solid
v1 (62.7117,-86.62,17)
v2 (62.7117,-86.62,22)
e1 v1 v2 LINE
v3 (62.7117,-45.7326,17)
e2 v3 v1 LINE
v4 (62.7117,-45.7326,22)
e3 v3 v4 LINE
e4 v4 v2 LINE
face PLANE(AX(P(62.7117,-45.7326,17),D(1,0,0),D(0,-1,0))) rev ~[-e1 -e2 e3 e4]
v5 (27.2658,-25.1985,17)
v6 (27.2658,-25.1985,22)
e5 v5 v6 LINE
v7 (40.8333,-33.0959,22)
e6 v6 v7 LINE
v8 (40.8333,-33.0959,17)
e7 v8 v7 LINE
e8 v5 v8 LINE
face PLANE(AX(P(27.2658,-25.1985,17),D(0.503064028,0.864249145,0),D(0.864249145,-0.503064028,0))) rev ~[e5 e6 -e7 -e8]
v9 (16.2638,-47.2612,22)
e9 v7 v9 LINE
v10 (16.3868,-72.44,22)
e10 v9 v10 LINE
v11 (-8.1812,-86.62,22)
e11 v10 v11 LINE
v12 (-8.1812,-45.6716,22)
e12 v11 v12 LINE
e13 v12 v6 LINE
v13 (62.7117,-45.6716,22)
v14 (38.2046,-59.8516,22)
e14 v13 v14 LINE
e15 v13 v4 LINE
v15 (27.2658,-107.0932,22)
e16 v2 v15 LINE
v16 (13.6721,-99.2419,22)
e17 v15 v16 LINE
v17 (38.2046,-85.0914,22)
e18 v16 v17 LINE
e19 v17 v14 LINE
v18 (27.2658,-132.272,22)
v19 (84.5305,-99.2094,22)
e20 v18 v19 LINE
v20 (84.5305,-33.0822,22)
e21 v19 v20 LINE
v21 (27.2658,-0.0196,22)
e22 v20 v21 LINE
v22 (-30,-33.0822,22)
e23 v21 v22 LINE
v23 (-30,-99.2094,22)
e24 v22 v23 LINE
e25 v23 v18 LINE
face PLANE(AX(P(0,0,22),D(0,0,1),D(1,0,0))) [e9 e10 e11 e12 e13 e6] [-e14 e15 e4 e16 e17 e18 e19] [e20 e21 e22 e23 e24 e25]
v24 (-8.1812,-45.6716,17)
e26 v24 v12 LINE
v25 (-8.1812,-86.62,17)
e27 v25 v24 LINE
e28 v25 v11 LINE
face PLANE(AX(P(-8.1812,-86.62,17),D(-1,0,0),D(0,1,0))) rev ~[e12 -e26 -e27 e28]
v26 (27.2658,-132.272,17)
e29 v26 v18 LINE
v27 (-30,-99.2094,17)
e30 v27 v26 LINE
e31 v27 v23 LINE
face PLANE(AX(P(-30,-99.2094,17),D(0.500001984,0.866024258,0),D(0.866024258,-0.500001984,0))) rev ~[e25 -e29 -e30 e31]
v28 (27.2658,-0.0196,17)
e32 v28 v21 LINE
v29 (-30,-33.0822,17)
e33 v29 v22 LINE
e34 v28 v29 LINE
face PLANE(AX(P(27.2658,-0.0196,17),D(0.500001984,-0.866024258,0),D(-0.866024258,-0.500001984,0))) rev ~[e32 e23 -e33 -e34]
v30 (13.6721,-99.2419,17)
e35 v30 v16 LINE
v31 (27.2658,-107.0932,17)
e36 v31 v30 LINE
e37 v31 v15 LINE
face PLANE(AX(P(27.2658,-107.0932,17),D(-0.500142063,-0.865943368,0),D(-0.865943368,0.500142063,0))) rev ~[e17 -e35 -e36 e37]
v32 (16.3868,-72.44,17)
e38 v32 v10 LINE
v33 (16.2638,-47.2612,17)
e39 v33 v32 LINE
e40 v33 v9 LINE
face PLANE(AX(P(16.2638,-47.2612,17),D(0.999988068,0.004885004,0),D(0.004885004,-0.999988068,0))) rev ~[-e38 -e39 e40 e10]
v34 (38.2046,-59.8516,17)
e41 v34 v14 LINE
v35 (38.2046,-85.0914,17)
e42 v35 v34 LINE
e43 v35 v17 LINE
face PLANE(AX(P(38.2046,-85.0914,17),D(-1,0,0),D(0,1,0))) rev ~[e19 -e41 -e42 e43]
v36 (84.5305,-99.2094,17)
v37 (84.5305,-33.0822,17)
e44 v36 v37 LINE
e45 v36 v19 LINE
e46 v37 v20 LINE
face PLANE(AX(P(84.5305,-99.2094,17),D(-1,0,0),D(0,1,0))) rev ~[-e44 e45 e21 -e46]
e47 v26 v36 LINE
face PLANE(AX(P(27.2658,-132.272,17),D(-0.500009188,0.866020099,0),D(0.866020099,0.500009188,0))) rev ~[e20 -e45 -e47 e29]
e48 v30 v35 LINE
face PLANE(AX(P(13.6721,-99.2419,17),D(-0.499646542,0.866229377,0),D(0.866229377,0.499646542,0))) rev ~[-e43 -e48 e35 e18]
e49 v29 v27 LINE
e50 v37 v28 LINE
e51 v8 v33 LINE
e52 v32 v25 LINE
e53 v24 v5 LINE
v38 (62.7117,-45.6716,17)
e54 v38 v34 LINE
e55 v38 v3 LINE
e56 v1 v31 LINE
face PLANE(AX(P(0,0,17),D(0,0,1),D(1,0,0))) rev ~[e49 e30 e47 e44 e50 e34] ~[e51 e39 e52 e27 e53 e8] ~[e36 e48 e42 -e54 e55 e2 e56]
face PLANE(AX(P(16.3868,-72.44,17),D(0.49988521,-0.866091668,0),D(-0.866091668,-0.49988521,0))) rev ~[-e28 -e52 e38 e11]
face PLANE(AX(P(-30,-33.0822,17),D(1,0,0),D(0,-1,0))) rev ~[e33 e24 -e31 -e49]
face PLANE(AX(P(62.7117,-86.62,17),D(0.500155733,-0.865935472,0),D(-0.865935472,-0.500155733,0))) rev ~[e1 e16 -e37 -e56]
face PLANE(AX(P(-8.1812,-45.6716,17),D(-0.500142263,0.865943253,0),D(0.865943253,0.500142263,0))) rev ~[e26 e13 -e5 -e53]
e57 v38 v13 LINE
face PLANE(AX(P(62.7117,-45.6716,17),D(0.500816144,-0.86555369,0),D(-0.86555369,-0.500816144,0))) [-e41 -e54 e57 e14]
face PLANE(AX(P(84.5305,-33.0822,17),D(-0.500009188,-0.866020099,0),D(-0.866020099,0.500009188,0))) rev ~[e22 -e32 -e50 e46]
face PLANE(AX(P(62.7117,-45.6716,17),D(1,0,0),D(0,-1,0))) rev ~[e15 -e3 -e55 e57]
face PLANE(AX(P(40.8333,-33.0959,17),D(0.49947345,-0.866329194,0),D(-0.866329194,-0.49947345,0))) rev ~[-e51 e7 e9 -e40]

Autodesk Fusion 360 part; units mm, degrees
sketch "Sketch1" plane through (0, 0, 0) normal (0, 0, 1) x (1, 0, 0)
  line L0 (27.2658, -132.272) -> (-30, -99.2094)
  line L1 (-30, -99.2094) -> (-30, -33.0822)
  line L2 (-30, -33.0822) -> (27.2658, -0.0196)
  line L3 (27.2658, -0.0196) -> (84.5305, -33.0822)
  line L4 (84.5305, -33.0822) -> (84.5305, -99.2094)
  line L5 (84.5305, -99.2094) -> (27.2658, -132.272)
  line L6 (-8.1812, -86.62) -> (27.2658, -107.0932)
  line L7 (27.2658, -107.0932) -> (62.7117, -86.62)
  line L8 (62.7117, -86.62) -> (62.7117, -45.6716)
  line L9 (62.7117, -45.6716) -> (27.2658, -25.1985)
  line L10 (27.2658, -25.1985) -> (-8.1812, -45.6716)
  line L11 (-8.1812, -45.6716) -> (-8.1812, -86.62)
  line L12 (16.2638, -72.502) -> (16.2638, -47.2612)
  line L13 (38.2046, -59.8516) -> (38.2046, -85.0914)
  line L14 (-30, -33.0822) -> (-30, -99.2094)
  line L15 (-8.1812, -86.62) -> (-8.1812, -45.6716)
  line L16 (-8.1812, -45.6716) -> (27.2658, -25.2594)
  line L17 (27.2658, -25.2594) -> (62.7117, -45.6716)
  line L18 (62.7117, -45.6716) -> (62.7117, -45.7326)
  line L19 (84.5305, -33.0822) -> (27.2658, -0.0196)
  line L20 (27.2658, -0.0196) -> (-30, -33.0822)
  line L21 (38.2046, -59.8516) -> (38.2046, -85.0914)
  line L22 (13.6721, -99.2419) -> (-8.1812, -86.62)
  line L23 (40.8862, -33.0655) -> (62.7117, -45.7326)
  line L24 (27.2658, -25.2594) -> (62.7117, -45.7326)
  line L25 (-8.1812, -86.62) -> (27.2658, -107.0932)
  line L26 (16.2638, -47.2612) -> (40.8862, -33.0655)
  line L27 (27.2658, -25.2594) -> (-8.1812, -45.6716)
  line L28 (-8.1812, -86.62) -> (-8.1812, -45.6716)
  line L29 (-8.1812, -86.62) -> (16.3868, -72.44)
  line L30 (16.3868, -72.44) -> (16.2638, -47.2612)
  line L31 (16.2638, -47.2612) -> (40.8862, -33.0655)
  line L32 (38.2046, -85.0914) -> (13.6721, -99.2419)
  line L33 (13.6721, -99.2419) -> (27.2658, -107.0932)
  line L34 (62.7117, -86.62) -> (62.7117, -45.7326)
  line L35 (27.2658, -107.0932) -> (62.7117, -86.62)
  line L36 (38.2046, -85.0914) -> (38.2046, -59.8516)
  line L37 (38.2046, -59.8516) -> (62.7117, -45.7326)
extrude "Extrude1" add sketch "Sketch1" along normal blind 10 contours L0 L1 L2 L3 L4 L5 L14 L19 L20 | L6 L13 L21 L22 L24 L25 L26 L29 L30 L31 L32 L36 L37 makes body 1
sketch "Sketch2" plane through (0, 0, 10) normal (0, 0, 1) x (1, 0, 0)
  line L0 (62.7117, -45.6716) -> (62.7117, -45.7326)
  line L1 (62.7117, -45.7326) -> (62.7117, -86.62)
  line L2 (62.7117, -86.62) -> (27.2658, -107.0932)
  line L3 (27.2658, -107.0932) -> (13.6721, -99.2419)
  line L4 (13.6721, -99.2419) -> (38.2046, -85.0914)
  line L5 (38.2046, -85.0914) -> (38.2046, -59.8516)
  line L6 (38.2046, -59.8516) -> (62.7117, -45.7326)
  line L7 (40.8333, -33.0959) -> (16.2638, -47.2612)
  line L8 (16.2638, -47.2612) -> (16.3868, -72.44)
  line L9 (16.3868, -72.44) -> (-8.1812, -86.62)
  line L10 (-8.1812, -86.62) -> (-8.1812, -45.6716)
  line L11 (-8.1812, -45.6716) -> (27.2658, -25.1985)
  line L12 (84.5305, -33.0822) -> (27.2658, -0.0196)
  line L13 (27.2658, -0.0196) -> (-30, -33.0822)
  line L14 (-30, -33.0822) -> (-30, -99.2094)
  line L15 (-30, -99.2094) -> (27.2658, -132.272)
  line L16 (27.2658, -132.272) -> (84.5305, -99.2094)
  line L17 (84.5305, -99.2094) -> (84.5305, -33.0822)
extrude "Extrude2" add 1 faces at (3.646, -110.2411, 10) along direction (0, 0, 1) blind 7 separate body on bodies 1 makes body 2
sketch "Sketch3" plane through (0, 0, 17) normal (0, 0, 1) x (1, 0, 0)
  line L0 (62.7117, -45.6716) -> (62.7117, -45.7326)
  line L1 (62.7117, -45.7326) -> (62.7117, -86.62)
  line L2 (62.7117, -86.62) -> (27.2658, -107.0932)
  line L3 (27.2658, -107.0932) -> (13.6721, -99.2419)
  line L4 (13.6721, -99.2419) -> (38.2046, -85.0914)
  line L5 (38.2046, -85.0914) -> (38.2046, -59.8516)
  line L6 (38.2046, -59.8516) -> (62.7117, -45.7326)
  line L7 (40.8333, -33.0959) -> (16.2638, -47.2612)
  line L8 (16.2638, -47.2612) -> (16.3868, -72.44)
  line L9 (16.3868, -72.44) -> (-8.1812, -86.62)
  line L10 (-8.1812, -86.62) -> (-8.1812, -45.6716)
  line L11 (-8.1812, -45.6716) -> (27.2658, -25.1985)
  line L12 (84.5305, -33.0822) -> (27.2658, -0.0196)
  line L13 (27.2658, -0.0196) -> (-30, -33.0822)
  line L14 (-30, -33.0822) -> (-30, -99.2094)
  line L15 (-30, -99.2094) -> (27.2658, -132.272)
  line L16 (27.2658, -132.272) -> (84.5305, -99.2094)
  line L17 (84.5305, -99.2094) -> (84.5305, -33.0822)
  line L18 (-30, -33.0822) -> (27.2658, -0.0196)
  line L19 (84.5305, -33.0822) -> (27.2658, -0.0196)
  line L20 (-30, -33.0822) -> (-30, -99.2094)
  line L21 (-30, -99.2094) -> (27.2658, -132.272)
  line L22 (27.2658, -132.272) -> (84.5305, -99.2094)
  line L23 (84.5305, -33.0822) -> (84.5305, -99.2094)
  line L24 (-8.1812, -45.6716) -> (27.2658, -25.1985)
  line L25 (16.2638, -47.2612) -> (40.8333, -33.0959)
  line L26 (16.2638, -47.2612) -> (16.3868, -72.44)
  line L27 (-8.1812, -86.62) -> (16.3868, -72.44)
  line L28 (-8.1812, -86.62) -> (-8.1812, -45.6716)
  line L29 (62.7117, -45.6716) -> (38.2046, -59.8516)
  line L30 (38.2046, -85.0914) -> (13.6721, -99.2419)
  line L31 (27.2658, -107.0932) -> (13.6721, -99.2419)
  line L32 (27.2658, -107.0932) -> (62.7117, -86.62)
  line L33 (62.7117, -86.62) -> (62.7117, -45.6716)
  line L34 (38.2046, -85.0914) -> (38.2046, -59.8516)
  line L35 (27.2658, -25.1985) -> (40.8333, -33.0959)
  point P0 (27.2658, -25.1985)
extrude "Extrude3" add sketch "Sketch3" along normal blind 5 separate body makes body 3
sketch "Sketch4" plane through (0, 0, 22) normal (0, 0, 1) x (1, 0, 0)
  line L0 (62.7117, -86.62) -> (27.2658, -107.0932)
  line L1 (27.2658, -107.0932) -> (13.6721, -99.2419)
  line L2 (13.6721, -99.2419) -> (38.2046, -85.0914)
  line L3 (38.2046, -85.0914) -> (38.2046, -59.8516)
  line L4 (38.2046, -59.8516) -> (62.7117, -45.6716)
  line L5 (62.7117, -45.6716) -> (62.7117, -86.62)
  line L6 (16.3868, -72.44) -> (-8.1812, -86.62)
  line L7 (-8.1812, -86.62) -> (-8.1812, -45.6716)
  line L8 (-8.1812, -45.6716) -> (27.2658, -25.1985)
  line L9 (27.2658, -25.1985) -> (40.8333, -33.0959)
  line L10 (40.8333, -33.0959) -> (16.2638, -47.2612)
  line L11 (16.2638, -47.2612) -> (16.3868, -72.44)
  line L12 (-30, -33.0822) -> (-30, -99.2094)
  line L13 (-30, -99.2094) -> (27.2658, -132.272)
  line L14 (27.2658, -132.272) -> (84.5305, -99.2094)
  line L15 (84.5305, -99.2094) -> (84.5305, -33.0822)
  line L16 (84.5305, -33.0822) -> (27.2658, -0.0196)
  line L17 (27.2658, -0.0196) -> (-30, -33.0822)
hidden bodies 1 2
